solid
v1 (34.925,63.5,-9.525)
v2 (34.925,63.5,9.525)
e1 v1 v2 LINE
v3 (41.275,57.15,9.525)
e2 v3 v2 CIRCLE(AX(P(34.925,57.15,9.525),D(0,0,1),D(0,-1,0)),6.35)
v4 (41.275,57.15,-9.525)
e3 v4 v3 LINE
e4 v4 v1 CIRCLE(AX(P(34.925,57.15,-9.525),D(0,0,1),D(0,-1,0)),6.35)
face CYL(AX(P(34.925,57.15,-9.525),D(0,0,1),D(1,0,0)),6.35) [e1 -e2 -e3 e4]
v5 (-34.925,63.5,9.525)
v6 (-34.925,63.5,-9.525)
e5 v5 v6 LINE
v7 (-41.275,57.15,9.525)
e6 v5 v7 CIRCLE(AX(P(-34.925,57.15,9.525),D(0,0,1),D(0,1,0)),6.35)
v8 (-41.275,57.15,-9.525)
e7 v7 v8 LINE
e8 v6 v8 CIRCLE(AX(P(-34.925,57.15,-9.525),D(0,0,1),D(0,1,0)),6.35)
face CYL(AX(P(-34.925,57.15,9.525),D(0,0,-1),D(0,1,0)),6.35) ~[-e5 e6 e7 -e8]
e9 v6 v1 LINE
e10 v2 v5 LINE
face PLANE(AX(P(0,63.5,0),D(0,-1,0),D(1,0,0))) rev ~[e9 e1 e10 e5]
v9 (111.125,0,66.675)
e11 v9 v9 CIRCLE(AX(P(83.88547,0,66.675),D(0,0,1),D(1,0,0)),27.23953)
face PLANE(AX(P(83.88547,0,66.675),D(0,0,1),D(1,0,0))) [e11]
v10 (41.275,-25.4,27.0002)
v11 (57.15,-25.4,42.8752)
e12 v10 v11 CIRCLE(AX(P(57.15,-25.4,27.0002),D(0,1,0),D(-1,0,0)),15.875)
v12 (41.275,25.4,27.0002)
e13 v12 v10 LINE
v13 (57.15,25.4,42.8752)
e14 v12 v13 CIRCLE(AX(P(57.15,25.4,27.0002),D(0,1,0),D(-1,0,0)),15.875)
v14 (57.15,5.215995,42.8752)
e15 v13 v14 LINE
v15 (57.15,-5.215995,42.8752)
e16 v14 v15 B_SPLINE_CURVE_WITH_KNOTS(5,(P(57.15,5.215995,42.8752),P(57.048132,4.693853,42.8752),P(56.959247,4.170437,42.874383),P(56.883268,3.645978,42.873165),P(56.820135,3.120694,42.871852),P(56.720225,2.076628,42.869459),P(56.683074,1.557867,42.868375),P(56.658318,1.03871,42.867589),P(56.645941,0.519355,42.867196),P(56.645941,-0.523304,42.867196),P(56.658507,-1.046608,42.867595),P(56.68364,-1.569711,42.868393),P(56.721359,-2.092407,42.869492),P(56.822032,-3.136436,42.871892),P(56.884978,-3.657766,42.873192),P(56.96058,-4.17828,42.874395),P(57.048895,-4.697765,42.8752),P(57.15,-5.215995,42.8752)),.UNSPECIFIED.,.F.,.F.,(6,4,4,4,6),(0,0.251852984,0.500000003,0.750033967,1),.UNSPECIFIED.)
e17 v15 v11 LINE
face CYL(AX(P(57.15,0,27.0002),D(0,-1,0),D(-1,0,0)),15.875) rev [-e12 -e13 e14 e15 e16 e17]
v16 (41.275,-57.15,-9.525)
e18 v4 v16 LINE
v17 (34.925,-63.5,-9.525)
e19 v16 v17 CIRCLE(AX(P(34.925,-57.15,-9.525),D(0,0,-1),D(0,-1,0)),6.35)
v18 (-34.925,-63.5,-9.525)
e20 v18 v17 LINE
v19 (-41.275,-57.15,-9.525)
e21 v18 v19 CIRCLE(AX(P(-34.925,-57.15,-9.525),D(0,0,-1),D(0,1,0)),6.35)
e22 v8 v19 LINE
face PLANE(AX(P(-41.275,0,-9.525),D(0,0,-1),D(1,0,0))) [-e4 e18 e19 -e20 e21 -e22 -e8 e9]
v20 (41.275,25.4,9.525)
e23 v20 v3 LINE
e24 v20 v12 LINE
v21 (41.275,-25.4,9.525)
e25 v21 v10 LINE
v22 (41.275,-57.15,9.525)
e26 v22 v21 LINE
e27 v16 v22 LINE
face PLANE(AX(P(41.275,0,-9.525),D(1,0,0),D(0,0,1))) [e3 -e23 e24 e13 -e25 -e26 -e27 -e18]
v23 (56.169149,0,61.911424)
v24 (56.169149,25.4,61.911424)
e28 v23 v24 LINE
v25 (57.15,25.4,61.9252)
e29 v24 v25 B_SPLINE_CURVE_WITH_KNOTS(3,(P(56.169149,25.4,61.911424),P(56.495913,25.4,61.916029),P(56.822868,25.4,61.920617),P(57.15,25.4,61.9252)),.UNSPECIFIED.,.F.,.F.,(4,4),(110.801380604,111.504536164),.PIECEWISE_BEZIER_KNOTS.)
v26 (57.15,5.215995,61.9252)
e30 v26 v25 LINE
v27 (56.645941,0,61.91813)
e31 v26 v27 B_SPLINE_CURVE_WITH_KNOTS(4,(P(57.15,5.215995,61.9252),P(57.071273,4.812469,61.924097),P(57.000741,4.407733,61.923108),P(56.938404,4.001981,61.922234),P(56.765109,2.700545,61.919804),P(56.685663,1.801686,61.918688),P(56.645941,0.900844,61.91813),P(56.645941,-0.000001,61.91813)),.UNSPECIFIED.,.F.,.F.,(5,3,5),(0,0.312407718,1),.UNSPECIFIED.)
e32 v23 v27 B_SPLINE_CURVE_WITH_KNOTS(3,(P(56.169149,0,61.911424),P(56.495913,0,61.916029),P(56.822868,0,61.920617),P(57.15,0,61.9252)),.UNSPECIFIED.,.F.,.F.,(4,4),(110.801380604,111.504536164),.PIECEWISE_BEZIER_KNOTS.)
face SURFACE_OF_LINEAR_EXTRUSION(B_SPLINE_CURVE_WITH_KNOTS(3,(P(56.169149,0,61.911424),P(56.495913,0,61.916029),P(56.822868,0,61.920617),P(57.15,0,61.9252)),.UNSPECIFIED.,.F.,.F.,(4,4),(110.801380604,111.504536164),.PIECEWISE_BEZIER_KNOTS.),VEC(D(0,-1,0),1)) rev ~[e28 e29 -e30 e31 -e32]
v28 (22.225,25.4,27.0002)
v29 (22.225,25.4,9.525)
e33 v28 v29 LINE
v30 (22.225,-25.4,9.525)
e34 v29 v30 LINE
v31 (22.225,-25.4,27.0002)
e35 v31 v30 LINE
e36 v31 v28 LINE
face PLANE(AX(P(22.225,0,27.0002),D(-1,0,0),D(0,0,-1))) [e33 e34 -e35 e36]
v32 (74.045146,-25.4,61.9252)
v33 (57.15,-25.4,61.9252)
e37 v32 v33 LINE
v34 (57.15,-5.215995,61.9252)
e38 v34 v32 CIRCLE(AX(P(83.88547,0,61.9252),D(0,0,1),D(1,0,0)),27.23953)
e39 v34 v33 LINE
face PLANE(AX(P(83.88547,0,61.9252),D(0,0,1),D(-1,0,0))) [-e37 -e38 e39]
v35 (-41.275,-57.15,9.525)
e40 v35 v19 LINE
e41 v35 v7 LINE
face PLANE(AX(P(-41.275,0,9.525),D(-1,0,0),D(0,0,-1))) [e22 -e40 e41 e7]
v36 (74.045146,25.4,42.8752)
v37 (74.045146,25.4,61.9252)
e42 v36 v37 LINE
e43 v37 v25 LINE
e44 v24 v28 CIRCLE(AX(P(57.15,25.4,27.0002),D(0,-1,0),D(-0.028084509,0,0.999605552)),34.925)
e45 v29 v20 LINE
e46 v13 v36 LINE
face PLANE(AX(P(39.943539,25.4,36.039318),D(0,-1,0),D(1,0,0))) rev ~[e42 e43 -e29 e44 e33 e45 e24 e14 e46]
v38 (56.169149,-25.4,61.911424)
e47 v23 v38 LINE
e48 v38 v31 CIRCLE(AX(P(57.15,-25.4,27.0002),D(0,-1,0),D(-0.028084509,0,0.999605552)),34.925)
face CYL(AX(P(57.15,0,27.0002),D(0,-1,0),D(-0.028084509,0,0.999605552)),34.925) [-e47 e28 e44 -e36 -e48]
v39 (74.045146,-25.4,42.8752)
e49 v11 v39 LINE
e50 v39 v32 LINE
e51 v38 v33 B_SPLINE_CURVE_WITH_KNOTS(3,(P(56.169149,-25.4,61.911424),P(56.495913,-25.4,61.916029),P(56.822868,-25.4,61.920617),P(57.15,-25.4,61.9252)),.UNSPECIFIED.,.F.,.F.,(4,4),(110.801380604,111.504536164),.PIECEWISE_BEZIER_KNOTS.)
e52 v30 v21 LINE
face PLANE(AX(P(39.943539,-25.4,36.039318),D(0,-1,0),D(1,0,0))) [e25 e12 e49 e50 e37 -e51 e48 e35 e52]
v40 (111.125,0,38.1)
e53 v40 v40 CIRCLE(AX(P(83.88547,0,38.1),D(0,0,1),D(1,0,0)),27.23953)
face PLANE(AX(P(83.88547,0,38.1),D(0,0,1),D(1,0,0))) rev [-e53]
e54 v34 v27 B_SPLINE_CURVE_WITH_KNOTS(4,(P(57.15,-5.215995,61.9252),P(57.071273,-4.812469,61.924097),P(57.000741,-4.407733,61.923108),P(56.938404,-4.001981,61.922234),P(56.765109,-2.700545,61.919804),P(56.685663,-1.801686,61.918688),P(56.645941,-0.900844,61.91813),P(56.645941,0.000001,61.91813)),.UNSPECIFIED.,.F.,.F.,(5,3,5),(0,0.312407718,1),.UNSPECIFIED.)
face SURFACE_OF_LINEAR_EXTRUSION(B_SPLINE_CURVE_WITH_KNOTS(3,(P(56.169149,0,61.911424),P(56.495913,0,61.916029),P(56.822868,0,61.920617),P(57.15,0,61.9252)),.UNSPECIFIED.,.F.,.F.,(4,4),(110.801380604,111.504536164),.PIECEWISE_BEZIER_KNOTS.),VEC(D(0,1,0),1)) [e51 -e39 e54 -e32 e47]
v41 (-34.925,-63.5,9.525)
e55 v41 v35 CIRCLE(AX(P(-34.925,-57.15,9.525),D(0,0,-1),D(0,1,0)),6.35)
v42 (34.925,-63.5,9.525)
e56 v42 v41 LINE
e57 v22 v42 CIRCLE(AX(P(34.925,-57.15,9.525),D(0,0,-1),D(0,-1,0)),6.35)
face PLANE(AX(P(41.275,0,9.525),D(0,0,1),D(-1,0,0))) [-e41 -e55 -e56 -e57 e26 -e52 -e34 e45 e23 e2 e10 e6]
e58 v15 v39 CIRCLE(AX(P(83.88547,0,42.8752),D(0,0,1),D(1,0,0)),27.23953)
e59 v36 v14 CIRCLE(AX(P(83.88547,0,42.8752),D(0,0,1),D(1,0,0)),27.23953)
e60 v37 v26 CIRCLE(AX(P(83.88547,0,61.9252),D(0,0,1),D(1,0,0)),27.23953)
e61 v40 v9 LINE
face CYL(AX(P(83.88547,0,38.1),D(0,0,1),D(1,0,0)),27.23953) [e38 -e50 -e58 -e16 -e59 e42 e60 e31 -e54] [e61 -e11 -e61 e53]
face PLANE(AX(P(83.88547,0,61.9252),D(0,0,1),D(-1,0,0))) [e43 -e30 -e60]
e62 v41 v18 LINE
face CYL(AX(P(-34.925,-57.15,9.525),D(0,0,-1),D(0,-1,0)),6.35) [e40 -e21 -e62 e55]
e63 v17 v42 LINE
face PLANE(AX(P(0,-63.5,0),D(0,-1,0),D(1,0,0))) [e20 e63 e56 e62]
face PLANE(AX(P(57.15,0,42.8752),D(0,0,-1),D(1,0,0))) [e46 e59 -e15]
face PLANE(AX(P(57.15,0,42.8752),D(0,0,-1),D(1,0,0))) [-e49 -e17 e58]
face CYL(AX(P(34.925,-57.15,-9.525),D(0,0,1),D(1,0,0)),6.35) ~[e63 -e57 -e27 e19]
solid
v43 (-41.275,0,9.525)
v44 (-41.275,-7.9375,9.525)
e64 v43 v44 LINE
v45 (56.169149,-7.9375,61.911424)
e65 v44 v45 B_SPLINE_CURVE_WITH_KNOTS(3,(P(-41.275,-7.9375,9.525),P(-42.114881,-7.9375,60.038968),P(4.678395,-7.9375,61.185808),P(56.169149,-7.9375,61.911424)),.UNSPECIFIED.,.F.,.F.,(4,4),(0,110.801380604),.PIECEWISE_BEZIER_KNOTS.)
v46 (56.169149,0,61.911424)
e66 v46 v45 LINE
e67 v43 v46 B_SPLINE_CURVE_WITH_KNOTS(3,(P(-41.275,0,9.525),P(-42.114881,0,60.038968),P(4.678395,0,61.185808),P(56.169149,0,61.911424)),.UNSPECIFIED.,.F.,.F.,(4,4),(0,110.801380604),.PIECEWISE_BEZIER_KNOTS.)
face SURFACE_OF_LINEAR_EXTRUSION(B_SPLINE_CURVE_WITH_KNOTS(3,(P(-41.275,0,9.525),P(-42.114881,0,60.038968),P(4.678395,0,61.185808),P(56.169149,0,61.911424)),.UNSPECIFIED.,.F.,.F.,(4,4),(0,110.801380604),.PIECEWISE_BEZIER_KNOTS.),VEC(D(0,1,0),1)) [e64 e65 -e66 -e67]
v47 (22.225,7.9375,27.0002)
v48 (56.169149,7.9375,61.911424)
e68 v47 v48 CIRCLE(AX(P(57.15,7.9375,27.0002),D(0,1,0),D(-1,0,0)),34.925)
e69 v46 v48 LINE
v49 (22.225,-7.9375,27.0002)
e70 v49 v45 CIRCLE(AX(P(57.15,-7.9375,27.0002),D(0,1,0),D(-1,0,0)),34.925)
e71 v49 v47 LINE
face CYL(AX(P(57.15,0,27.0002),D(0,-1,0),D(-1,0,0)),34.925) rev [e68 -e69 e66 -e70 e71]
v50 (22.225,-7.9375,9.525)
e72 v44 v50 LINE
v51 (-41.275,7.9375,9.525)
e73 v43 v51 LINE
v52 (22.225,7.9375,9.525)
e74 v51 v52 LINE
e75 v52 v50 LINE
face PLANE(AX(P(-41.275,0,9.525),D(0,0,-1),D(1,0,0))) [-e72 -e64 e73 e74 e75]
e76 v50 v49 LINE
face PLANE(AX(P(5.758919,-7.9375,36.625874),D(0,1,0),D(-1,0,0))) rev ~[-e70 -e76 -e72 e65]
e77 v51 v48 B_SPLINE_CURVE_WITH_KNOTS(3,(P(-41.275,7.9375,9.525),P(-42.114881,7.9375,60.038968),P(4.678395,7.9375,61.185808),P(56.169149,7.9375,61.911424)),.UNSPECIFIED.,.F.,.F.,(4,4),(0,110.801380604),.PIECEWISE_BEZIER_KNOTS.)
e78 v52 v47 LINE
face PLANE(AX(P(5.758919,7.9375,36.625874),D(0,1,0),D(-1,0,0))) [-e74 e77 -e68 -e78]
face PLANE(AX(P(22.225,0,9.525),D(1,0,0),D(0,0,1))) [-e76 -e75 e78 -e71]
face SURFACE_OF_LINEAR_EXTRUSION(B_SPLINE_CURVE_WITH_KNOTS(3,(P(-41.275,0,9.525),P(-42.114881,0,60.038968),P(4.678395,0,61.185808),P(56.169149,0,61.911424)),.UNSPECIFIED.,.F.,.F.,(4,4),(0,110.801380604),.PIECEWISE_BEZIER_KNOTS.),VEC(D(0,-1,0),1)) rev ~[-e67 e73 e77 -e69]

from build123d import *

# Parameters (mm, degrees)
F1_DEPTH = 63.5
F0_W     = 23.56047028
F0_H     = 19.05
F2_DEPTH = 25.4
F3_DEPTH = 7.9375
F5_R     = 6.35


with BuildPart() as f1:
    # F0 (on Front) → F1 (new body, symmetric)
    with BuildSketch(Plane.XZ):
        Polygon((22.225, 9.525), (-41.275, 9.525), (-41.275, -9.525), (41.275, -9.525), (41.275, 9.525), align=None)
    extrude(amount=F1_DEPTH, both=True)

    # F0 (on Front) → F2 (join, symmetric)
    with BuildSketch(Plane.XZ):
        with BuildLine():
            Line((22.225, 27.0002), (22.225, 9.525))
            Line((22.225, 9.525), (41.275, 9.525))
            Line((41.275, 9.525), (41.275, 27.0002))
            ThreePointArc((41.275, 27.0002), (45.9246798487, 38.2255201513), (57.15, 42.8752))
            Line((57.15, 42.8752), (60.325, 42.8752))
            Line((60.325, 42.8752), (60.325, 61.9252))
            Line((60.325, 61.9252), (57.15, 61.9252))
            add(Edge.make_bspline(
                [(56.1691485307, 61.9114239172), (56.4959134974, 61.9160287389), (56.8228676449, 61.9206165968), (57.15, 61.9252)],
                knots=[110.8013806044, 110.8013806044, 110.8013806044, 110.8013806044, 111.5045361635, 111.5045361635, 111.5045361635, 111.5045361635], degree=3))
            ThreePointArc((56.1691485307, 61.9114239172), (32.1099135129, 51.3466513578), (22.225, 27.0002))
        make_face()
        with Locations((72.10523514, 52.4002)):
            Rectangle(F0_W, F0_H)
    extrude(amount=F2_DEPTH, both=True)

    # F0 (on Front) → F4 (revolve)
    with BuildSketch(Plane.XZ):
        Polygon((83.88547028, 66.675), (83.88547028, 61.9252), (83.88547028, 42.8752), (83.88547028, 38.1), (111.125, 38.1), (111.125, 66.675), align=None)
    revolve(axis=Axis((83.88547028, 0, 52.3875), (0, 0, 1)))

    # F5
    f5_edges = [f1.edges().sort_by_distance(p)[0] for p in [
        (-41.275, -63.5, 0),
        (41.275, -63.5, 0),
        (41.275, 63.5, 0),
        (-41.275, 63.5, 0),
    ]]
    fillet(f5_edges, radius=F5_R)


with BuildPart() as f3:
    # F0 (on Front) → F3 (new body, symmetric)
    with BuildSketch(Plane.XZ):
        with BuildLine():
            add(Edge.make_bspline(
                [(-41.275, 9.525), (-42.1148808666, 60.0389676793), (4.6783952045, 61.1858083656), (56.1691485307, 61.9114239172)],
                knots=[0, 0, 0, 0, 110.8013806044, 110.8013806044, 110.8013806044, 110.8013806044], degree=3))
            Line((-41.275, 9.525), (22.225, 9.525))
            Line((22.225, 9.525), (22.225, 27.0002))
            ThreePointArc((22.225, 27.0002), (32.1099135129, 51.3466513578), (56.1691485307, 61.9114239172))
        make_face()
    extrude(amount=F3_DEPTH, both=True)


solid = Compound([f1.part, f3.part])
